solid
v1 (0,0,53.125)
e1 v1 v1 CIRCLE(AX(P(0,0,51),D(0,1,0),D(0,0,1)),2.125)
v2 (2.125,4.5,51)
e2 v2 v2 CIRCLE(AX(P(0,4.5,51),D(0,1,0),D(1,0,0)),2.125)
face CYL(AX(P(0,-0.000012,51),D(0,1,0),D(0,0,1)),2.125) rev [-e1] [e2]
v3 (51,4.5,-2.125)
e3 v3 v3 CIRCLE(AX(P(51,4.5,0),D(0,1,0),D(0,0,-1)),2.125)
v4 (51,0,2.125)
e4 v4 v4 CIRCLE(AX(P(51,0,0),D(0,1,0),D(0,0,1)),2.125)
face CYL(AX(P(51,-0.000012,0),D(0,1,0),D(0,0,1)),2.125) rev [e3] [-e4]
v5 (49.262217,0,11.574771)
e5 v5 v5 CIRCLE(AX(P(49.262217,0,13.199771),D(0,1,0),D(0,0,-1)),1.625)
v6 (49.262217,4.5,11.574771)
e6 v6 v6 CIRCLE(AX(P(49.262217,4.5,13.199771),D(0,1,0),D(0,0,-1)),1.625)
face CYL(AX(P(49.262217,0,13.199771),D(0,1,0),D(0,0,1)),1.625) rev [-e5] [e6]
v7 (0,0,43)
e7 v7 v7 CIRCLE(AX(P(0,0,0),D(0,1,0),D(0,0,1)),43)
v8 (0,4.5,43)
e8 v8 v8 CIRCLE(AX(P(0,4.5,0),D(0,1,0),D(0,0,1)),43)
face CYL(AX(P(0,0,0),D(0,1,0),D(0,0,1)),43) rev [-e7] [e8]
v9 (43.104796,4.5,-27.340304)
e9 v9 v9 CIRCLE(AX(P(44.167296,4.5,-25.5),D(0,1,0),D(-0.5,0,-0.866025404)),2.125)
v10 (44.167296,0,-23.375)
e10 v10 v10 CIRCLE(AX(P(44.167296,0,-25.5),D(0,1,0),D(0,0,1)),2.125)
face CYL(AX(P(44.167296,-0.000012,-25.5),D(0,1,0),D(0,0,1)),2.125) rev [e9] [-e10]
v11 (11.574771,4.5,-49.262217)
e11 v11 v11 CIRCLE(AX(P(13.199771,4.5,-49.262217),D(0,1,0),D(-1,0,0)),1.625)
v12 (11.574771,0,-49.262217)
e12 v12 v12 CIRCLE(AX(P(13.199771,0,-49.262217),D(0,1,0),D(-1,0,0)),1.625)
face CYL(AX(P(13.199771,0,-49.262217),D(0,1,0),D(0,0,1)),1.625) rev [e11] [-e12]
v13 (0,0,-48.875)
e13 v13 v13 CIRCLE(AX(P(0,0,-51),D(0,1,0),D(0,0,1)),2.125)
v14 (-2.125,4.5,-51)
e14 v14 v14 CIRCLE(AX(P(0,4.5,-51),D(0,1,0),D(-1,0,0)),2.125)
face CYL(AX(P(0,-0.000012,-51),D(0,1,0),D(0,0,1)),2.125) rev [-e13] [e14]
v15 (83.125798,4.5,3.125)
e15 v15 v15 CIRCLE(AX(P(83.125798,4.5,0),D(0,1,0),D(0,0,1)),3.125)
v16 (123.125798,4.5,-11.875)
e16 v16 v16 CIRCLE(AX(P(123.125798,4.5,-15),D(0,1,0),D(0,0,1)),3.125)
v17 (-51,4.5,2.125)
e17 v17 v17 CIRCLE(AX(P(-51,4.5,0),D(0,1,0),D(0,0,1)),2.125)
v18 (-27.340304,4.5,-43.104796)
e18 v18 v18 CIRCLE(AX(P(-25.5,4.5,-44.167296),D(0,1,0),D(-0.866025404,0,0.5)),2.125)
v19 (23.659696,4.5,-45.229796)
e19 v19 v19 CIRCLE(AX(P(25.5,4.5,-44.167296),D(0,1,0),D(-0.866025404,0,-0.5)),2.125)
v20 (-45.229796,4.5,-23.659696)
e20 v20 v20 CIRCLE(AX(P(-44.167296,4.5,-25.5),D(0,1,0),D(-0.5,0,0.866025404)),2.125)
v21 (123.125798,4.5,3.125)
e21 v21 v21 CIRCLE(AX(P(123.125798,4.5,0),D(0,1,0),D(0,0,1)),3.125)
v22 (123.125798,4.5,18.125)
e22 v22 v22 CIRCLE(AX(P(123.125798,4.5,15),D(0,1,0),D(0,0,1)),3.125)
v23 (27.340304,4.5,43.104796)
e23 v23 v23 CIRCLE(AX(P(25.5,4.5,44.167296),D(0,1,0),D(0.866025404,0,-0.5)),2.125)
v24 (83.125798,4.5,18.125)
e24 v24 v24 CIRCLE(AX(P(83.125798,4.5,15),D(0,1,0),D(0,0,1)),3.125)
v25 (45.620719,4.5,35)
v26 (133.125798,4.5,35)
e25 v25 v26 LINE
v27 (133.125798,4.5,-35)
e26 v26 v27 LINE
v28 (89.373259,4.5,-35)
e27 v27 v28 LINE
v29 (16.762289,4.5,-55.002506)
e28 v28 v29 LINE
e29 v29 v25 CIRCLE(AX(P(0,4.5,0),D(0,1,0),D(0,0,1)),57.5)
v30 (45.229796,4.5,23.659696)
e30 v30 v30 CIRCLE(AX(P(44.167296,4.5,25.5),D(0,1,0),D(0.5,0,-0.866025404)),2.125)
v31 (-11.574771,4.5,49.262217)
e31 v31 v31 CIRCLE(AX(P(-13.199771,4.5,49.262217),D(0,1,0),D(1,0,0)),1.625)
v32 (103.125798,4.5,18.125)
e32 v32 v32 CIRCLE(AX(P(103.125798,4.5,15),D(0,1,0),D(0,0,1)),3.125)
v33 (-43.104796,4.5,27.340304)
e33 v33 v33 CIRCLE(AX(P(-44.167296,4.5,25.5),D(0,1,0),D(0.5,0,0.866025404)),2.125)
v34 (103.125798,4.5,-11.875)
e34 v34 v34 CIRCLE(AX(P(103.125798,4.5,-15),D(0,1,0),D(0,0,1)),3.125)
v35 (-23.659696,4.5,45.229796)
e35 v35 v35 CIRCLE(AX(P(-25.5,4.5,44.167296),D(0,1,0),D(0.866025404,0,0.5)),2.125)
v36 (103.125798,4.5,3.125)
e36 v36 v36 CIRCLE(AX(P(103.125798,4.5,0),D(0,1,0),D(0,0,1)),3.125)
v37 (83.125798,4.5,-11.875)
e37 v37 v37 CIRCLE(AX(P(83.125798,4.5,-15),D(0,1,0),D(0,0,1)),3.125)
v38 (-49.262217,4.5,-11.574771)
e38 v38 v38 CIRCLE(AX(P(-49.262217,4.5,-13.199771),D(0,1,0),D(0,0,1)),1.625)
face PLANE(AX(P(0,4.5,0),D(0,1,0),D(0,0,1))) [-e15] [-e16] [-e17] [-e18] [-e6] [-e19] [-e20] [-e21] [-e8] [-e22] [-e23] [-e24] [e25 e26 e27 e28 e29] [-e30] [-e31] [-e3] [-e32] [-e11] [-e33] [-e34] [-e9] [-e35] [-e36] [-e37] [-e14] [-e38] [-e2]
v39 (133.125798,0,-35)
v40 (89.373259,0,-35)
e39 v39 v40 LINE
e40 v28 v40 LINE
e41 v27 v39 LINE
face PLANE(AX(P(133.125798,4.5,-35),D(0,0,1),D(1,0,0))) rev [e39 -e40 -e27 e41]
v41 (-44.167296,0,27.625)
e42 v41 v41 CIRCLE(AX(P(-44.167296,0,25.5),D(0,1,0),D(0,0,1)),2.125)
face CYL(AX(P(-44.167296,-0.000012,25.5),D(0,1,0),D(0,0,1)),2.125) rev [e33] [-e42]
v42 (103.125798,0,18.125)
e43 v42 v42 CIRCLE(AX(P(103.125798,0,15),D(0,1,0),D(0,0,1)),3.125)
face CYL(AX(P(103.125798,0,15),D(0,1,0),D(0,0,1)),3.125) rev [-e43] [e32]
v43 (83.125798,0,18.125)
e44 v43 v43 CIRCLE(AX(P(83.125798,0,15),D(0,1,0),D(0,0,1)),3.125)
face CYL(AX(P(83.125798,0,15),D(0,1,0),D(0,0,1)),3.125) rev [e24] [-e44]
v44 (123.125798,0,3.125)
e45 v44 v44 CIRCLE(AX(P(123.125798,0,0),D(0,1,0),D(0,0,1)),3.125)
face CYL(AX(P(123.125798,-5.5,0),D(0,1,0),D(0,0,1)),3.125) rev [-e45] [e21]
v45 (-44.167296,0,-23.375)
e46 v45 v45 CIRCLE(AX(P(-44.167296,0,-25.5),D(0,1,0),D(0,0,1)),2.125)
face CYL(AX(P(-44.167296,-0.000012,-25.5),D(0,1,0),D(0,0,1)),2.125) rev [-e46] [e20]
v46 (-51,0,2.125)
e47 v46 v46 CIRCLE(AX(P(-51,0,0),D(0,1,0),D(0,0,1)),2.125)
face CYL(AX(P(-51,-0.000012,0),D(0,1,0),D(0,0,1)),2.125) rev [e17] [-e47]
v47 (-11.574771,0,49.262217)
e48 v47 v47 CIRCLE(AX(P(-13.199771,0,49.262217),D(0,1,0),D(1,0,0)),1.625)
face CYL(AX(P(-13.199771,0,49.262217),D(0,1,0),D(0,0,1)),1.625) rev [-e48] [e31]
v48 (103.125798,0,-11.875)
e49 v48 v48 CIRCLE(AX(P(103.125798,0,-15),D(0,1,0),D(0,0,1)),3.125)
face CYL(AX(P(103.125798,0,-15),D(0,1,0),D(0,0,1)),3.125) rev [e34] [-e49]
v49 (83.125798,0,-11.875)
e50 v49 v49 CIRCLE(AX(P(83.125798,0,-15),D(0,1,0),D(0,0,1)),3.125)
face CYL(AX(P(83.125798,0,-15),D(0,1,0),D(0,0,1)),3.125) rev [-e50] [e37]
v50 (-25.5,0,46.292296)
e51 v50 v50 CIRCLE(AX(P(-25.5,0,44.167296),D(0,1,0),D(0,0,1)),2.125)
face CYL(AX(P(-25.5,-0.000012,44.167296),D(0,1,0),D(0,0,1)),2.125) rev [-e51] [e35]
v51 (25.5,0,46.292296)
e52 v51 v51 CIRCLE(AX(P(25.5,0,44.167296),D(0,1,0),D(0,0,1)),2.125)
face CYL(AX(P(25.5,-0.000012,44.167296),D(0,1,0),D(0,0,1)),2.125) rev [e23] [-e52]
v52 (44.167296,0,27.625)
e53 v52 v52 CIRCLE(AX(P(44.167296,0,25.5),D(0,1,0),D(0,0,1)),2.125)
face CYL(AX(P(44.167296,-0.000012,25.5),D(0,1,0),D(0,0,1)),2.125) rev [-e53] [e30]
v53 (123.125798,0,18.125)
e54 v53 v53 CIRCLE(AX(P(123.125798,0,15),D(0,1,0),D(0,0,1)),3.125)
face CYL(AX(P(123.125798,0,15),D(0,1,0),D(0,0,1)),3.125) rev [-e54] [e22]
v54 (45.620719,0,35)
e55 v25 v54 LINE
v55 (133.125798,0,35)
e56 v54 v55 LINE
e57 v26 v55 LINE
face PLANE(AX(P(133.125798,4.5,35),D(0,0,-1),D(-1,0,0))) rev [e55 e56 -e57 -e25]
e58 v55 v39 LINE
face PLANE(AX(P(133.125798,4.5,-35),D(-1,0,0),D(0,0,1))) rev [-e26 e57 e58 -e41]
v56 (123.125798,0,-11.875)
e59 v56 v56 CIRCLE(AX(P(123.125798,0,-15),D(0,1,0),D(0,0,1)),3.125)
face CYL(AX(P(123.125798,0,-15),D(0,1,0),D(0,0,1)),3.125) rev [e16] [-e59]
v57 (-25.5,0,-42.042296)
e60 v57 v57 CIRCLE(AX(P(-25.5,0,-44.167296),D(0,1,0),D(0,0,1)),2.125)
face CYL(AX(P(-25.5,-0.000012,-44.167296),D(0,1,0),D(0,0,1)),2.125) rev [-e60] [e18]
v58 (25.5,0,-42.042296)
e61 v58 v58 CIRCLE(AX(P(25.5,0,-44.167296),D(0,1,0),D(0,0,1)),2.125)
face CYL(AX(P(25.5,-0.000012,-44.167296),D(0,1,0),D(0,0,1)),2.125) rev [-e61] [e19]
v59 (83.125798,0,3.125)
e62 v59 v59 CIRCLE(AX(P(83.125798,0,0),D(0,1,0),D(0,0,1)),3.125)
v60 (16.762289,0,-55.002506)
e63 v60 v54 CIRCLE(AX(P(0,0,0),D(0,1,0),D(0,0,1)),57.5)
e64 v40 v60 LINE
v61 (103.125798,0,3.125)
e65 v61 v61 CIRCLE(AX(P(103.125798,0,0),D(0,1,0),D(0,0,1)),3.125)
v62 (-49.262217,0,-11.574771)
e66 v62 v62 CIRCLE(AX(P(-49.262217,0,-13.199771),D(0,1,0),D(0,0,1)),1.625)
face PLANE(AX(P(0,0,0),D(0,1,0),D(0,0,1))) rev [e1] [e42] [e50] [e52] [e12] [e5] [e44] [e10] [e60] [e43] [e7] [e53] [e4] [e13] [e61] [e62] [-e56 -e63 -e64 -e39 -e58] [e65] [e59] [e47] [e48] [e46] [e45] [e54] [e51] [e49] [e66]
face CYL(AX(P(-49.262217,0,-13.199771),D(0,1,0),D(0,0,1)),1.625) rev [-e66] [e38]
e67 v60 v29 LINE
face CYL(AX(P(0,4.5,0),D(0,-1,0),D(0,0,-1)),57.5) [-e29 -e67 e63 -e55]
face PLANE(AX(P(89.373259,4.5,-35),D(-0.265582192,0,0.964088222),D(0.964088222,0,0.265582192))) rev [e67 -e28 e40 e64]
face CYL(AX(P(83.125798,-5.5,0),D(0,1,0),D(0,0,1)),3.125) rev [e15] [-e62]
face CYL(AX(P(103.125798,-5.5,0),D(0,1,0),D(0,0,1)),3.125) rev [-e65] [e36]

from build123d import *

# Parameters (mm, degrees)
SKETCH1_R           = 57.5
BOSS_EXTRUDE1_DEPTH = 4.5
SKETCH2_W           = 140
SKETCH2_H           = 70
BOSS_EXTRUDE2_DEPTH = 4.5
BOSS_EXTRUDE3_DEPTH = 4.5
SKETCH4_R           = 43
CUT_EXTRUDE1_DEPTH  = 5.5
SKETCH7_R           = 3.125
CUT_EXTRUDE8_DEPTH  = 5.5
LPATTERN1_COUNT     = 3
LPATTERN1_PITCH     = 20
CUT_EXTRUDE5_START  = -1
SKETCH5_R           = 2.125
CUT_EXTRUDE5_DEPTH  = 6.5
CIRPATTERN1_COUNT   = 12
SKETCH12_R          = 1.625
CUT_EXTRUDE17_DEPTH = 5.5
CIRPATTERN2_COUNT   = 4
SKETCH13_R          = 3.125
CUT_EXTRUDE18_DEPTH = 10
LPATTERN2_COUNT     = 3
LPATTERN2_PITCH     = 20


with BuildPart() as part:
    # Sketch1 → Boss-Extrude1 (new body)
    with BuildSketch(Plane(origin=(0, 0, 0), x_dir=(1, 0, 0), z_dir=(0, 1, 0))):
        Circle(SKETCH1_R)
    extrude(amount=BOSS_EXTRUDE1_DEPTH)

    # Sketch2 → Boss-Extrude2 (add)
    with BuildSketch(Plane(origin=(0, 0, 0), x_dir=(1, 0, 0), z_dir=(0, 1, 0))):
        with Locations((63.125798099, 0)):
            Rectangle(SKETCH2_W, SKETCH2_H)
    extrude(amount=BOSS_EXTRUDE2_DEPTH)

    # Sketch3 → Boss-Extrude3 (add)
    with BuildSketch(Plane(origin=(0, 0, 0), x_dir=(1, 0, 0), z_dir=(0, 1, 0))):
        Polygon((89.373258538, 35), (13.76852627, 55.827212758), (13.76852627, 13.558751548), align=None)
    extrude(amount=BOSS_EXTRUDE3_DEPTH)

    # Sketch4 → Cut-Extrude1 (cut, through all)
    with BuildSketch(Plane(origin=(0, 4.5, 0), x_dir=(1, 0, 0), z_dir=(0, 1, 0))):
        Circle(SKETCH4_R)
    extrude(amount=-CUT_EXTRUDE1_DEPTH, mode=Mode.SUBTRACT)

    # Sketch7 → Cut-Extrude8 (cut, through all)
    with BuildSketch(Plane(origin=(0, 4.5, 0), x_dir=(1, 0, 0), z_dir=(0, 1, 0))):
        with Locations((123.125798099, 15)):
            Circle(SKETCH7_R)
        with Locations((123.125798099, -15)):
            Circle(SKETCH7_R)
    cut_extrude8 = extrude(amount=-CUT_EXTRUDE8_DEPTH, mode=Mode.SUBTRACT)

    # LPattern1: Cut-Extrude8 ×3
    with Locations(*[(-i * LPATTERN1_PITCH, 0, 0) for i in range(1, LPATTERN1_COUNT)]):
        add(cut_extrude8, mode=Mode.SUBTRACT)

    # Sketch5 → Cut-Extrude5 (cut)
    with BuildSketch(Plane(origin=(0, 0, 0), x_dir=(1, 0, 0), z_dir=(0, 1, 0)).offset(CUT_EXTRUDE5_START)):
        with Locations((-51, 0)):
            Circle(SKETCH5_R)
    cut_extrude5 = extrude(amount=CUT_EXTRUDE5_DEPTH, mode=Mode.SUBTRACT)

    # CirPattern1: Cut-Extrude5 ×12 about axis
    cirpattern1_axis = Axis((0, 0, 0), (0, 1, 0))
    for i in range(1, CIRPATTERN1_COUNT):
        add(cut_extrude5.rotate(cirpattern1_axis, i * 360 / CIRPATTERN1_COUNT), mode=Mode.SUBTRACT)

    # Sketch12 → Cut-Extrude17 (cut, through all)
    with BuildSketch(Plane(origin=(0, 4.5, 0), x_dir=(1, 0, 0), z_dir=(0, 1, 0))):
        with Locations((-49.262217141, 13.1997713)):
            Circle(SKETCH12_R)
    cut_extrude17 = extrude(amount=-CUT_EXTRUDE17_DEPTH, mode=Mode.SUBTRACT)

    # CirPattern2: Cut-Extrude17 ×4 about axis
    cirpattern2_axis = Axis((0, 0, 0), (0, 1, 0))
    for i in range(1, CIRPATTERN2_COUNT):
        add(cut_extrude17.rotate(cirpattern2_axis, i * 360 / CIRPATTERN2_COUNT), mode=Mode.SUBTRACT)

    # Sketch13 → Cut-Extrude18 (cut)
    with BuildSketch(Plane(origin=(0, 4.5, 0), x_dir=(1, 0, 0), z_dir=(0, 1, 0))):
        with Locations((123.125798099, 0)):
            Circle(SKETCH13_R)
    cut_extrude18 = extrude(amount=-CUT_EXTRUDE18_DEPTH, mode=Mode.SUBTRACT)

    # LPattern2: Cut-Extrude18 ×3
    with Locations(*[(-i * LPATTERN2_PITCH, 0, 0) for i in range(1, LPATTERN2_COUNT)]):
        add(cut_extrude18, mode=Mode.SUBTRACT)


solid = part.part
